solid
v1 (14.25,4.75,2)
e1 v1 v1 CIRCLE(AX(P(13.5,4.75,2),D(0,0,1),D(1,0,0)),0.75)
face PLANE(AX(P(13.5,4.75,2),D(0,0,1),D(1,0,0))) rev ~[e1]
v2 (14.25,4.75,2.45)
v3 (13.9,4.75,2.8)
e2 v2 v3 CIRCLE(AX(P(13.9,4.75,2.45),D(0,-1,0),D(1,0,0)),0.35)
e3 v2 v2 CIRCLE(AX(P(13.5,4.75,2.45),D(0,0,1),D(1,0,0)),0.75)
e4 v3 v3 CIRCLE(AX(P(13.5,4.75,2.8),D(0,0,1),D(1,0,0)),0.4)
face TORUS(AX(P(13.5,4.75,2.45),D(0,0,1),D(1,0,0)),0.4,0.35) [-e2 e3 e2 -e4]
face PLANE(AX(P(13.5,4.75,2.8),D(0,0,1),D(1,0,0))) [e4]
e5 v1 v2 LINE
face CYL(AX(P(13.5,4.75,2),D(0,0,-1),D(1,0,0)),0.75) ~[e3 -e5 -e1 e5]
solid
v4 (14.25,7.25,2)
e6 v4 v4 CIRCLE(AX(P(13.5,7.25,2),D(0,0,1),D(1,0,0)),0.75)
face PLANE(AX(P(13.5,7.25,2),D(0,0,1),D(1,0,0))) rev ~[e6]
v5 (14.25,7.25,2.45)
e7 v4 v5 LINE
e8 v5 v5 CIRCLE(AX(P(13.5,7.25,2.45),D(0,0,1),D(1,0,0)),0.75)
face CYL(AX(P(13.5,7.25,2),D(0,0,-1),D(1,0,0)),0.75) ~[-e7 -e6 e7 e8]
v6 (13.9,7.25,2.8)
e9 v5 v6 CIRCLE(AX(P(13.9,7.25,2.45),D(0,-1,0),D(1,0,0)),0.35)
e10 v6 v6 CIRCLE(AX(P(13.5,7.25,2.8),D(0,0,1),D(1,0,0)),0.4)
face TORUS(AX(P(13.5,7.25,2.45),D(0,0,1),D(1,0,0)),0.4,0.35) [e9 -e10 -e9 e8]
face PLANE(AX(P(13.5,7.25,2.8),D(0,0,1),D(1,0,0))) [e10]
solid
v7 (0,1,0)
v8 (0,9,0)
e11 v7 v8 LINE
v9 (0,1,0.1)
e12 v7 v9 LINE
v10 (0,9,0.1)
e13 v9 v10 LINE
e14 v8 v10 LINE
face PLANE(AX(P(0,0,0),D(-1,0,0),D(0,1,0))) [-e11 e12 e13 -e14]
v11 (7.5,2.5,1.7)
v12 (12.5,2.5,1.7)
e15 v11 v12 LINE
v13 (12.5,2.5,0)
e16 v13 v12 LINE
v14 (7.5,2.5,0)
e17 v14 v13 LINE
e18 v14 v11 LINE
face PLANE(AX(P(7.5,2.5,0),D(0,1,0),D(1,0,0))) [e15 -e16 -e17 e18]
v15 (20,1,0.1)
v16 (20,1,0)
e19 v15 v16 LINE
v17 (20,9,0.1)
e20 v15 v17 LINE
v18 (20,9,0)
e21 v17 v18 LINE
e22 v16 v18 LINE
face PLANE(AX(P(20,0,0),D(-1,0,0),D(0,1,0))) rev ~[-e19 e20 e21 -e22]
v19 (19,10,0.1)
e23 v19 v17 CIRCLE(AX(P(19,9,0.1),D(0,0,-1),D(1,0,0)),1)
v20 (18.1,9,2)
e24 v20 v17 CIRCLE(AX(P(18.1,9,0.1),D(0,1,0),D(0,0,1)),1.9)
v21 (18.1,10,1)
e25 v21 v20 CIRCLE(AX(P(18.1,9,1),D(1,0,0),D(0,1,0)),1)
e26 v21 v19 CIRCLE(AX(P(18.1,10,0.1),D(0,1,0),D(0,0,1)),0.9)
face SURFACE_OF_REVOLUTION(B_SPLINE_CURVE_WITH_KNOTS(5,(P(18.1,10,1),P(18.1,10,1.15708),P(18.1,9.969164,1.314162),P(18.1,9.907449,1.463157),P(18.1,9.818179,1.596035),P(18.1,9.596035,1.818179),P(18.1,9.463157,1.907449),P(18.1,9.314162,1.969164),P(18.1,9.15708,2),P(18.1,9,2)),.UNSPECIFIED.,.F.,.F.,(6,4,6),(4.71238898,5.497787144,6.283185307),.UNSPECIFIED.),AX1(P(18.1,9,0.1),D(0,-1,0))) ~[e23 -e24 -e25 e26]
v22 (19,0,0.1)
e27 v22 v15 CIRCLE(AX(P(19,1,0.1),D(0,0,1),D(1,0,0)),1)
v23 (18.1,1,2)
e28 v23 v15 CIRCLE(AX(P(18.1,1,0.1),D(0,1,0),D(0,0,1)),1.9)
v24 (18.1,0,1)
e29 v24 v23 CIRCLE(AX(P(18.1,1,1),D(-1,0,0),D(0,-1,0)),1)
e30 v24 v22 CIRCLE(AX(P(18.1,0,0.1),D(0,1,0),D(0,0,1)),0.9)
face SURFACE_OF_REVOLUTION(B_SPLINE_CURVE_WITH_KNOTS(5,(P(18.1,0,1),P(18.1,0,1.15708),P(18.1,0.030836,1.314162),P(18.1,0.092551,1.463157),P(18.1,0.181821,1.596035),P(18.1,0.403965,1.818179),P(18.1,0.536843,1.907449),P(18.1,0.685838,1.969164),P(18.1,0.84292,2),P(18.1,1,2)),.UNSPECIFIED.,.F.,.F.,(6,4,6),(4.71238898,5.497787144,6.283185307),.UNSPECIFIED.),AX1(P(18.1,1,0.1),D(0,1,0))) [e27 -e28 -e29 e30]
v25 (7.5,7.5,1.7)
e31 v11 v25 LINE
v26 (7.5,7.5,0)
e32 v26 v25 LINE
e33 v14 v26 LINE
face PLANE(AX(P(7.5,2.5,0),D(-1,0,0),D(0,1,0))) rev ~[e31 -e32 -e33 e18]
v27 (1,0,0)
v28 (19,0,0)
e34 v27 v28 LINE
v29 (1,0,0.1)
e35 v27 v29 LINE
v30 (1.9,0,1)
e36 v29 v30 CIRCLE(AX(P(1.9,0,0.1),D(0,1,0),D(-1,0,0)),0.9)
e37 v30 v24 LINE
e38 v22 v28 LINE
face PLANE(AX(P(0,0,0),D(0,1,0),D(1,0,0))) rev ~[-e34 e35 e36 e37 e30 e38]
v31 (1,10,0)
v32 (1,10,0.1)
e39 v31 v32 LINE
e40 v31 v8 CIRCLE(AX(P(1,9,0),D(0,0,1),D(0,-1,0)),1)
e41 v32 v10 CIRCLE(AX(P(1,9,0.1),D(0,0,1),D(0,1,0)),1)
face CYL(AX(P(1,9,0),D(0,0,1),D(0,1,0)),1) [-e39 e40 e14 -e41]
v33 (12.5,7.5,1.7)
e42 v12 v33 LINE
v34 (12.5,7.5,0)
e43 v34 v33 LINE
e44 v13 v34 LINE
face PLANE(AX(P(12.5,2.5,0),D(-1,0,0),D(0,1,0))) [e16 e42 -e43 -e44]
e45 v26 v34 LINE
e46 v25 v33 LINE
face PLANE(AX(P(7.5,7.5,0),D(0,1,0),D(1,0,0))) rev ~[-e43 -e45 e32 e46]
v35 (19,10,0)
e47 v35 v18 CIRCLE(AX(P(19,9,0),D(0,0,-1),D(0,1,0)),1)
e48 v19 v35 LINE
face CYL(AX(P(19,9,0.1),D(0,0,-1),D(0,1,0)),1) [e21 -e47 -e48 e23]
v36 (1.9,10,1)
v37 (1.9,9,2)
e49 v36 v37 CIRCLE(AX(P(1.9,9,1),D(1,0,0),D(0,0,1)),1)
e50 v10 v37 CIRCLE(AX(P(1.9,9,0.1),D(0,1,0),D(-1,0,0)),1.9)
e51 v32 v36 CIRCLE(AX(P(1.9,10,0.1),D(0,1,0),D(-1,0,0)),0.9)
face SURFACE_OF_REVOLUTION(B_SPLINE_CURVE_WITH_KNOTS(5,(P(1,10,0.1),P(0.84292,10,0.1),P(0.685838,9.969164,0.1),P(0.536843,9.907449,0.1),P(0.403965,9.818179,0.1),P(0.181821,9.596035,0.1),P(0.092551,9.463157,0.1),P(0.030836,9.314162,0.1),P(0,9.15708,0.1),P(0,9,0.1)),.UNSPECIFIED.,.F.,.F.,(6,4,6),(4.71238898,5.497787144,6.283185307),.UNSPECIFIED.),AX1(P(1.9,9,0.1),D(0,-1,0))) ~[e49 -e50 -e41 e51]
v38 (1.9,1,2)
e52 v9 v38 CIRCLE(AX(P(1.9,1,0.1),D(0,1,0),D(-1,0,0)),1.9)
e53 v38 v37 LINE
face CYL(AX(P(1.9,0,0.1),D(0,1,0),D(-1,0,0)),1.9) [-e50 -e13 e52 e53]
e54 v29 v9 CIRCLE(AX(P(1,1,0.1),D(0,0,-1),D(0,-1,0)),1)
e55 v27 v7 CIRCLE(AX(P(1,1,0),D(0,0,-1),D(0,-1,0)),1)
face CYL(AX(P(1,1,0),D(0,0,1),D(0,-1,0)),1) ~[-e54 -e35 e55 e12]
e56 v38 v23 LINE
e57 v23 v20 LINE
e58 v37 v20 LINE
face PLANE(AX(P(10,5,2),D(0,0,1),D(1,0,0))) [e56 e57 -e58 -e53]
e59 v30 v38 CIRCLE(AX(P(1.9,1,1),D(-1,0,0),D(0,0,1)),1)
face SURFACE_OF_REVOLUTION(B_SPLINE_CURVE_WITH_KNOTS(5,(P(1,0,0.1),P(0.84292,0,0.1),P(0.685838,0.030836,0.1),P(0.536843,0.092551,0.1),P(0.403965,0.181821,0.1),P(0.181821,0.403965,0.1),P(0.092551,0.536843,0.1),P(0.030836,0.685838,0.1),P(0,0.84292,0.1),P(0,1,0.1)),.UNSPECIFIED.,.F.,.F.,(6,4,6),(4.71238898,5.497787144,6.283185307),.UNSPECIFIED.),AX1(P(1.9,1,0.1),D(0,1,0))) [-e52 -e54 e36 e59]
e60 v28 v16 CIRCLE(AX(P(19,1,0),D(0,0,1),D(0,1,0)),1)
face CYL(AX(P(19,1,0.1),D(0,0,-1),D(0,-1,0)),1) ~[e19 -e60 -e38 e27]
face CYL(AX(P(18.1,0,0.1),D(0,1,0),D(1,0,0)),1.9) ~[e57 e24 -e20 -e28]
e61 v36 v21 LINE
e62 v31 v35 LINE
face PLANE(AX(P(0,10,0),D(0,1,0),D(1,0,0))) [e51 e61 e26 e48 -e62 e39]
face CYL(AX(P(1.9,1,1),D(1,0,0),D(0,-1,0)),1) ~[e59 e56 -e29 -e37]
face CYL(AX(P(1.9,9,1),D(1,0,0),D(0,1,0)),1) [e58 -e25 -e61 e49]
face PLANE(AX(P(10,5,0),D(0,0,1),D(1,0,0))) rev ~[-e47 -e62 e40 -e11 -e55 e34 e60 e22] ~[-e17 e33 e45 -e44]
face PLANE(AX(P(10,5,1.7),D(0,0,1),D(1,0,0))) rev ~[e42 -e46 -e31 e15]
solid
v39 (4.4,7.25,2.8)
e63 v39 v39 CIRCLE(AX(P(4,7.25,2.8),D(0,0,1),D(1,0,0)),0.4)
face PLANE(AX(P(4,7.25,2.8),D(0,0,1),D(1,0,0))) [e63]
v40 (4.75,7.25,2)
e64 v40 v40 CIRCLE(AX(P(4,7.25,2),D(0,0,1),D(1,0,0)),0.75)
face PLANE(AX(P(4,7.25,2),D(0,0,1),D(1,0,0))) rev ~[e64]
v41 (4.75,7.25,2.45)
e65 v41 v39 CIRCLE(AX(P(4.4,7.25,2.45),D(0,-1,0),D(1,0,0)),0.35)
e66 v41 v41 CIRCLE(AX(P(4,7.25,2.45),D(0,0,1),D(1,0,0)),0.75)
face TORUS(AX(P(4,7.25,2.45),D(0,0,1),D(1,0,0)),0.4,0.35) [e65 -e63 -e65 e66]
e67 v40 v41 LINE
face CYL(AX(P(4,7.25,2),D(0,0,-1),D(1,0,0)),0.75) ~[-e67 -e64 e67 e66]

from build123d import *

# Parameters (mm, degrees)
SKETCH001_W  = 5
SKETCH001_H  = 5
PAD_DEPTH    = 1.7
SKETCH_W     = 20
SKETCH_H     = 10
PAD001_DEPTH = 2
FILLET_R     = 1.9
FILLET001_R  = 1
SKETCH002_R  = 0.75
PAD002_DEPTH = 0.8
FILLET002_R  = 0.35


with BuildPart() as pad:
    # Sketch001 → Pad (new body)
    with BuildSketch(Plane.XY):
        with Locations((10, 5)):
            Rectangle(SKETCH001_W, SKETCH001_H)
    extrude(amount=PAD_DEPTH)


with BuildPart() as cut:
    # Sketch → Pad001 (new body)
    with BuildSketch(Plane.XY):
        with Locations((10, 5)):
            Rectangle(SKETCH_W, SKETCH_H)
    extrude(amount=PAD001_DEPTH)

    # Fillet
    fillet_edges = [cut.edges().sort_by_distance(p)[0] for p in [
        (20, 5, 2),
        (0, 5, 2),
    ]]
    fillet(fillet_edges, radius=FILLET_R)

    # Fillet001
    fillet001_edges = [cut.edges().sort_by_distance(p)[0] for p in [
        (10, 0, 2),
        (10, 10, 2),
    ]]
    fillet(fillet001_edges, radius=FILLET001_R)

    # Cut: cut Pad
    add(pad.part, mode=Mode.SUBTRACT)


with BuildPart() as fillet002:
    # Sketch002 → Pad002 (new body)
    with BuildSketch(Plane.XY.offset(2)):
        with Locations((4, 7.25)):
            Circle(SKETCH002_R)
        with Locations((13.5, 7.25)):
            Circle(SKETCH002_R)
        with Locations((13.5, 4.75)):
            Circle(SKETCH002_R)
    extrude(amount=PAD002_DEPTH)

    # Fillet002
    fillet002_edges = [fillet002.edges().sort_by_distance(p)[0] for p in [
        (3.25, 7.25, 2.8),
        (12.75, 7.25, 2.8),
        (12.75, 4.75, 2.8),
    ]]
    fillet(fillet002_edges, radius=FILLET002_R)


solid = Compound([cut.part, fillet002.part])
